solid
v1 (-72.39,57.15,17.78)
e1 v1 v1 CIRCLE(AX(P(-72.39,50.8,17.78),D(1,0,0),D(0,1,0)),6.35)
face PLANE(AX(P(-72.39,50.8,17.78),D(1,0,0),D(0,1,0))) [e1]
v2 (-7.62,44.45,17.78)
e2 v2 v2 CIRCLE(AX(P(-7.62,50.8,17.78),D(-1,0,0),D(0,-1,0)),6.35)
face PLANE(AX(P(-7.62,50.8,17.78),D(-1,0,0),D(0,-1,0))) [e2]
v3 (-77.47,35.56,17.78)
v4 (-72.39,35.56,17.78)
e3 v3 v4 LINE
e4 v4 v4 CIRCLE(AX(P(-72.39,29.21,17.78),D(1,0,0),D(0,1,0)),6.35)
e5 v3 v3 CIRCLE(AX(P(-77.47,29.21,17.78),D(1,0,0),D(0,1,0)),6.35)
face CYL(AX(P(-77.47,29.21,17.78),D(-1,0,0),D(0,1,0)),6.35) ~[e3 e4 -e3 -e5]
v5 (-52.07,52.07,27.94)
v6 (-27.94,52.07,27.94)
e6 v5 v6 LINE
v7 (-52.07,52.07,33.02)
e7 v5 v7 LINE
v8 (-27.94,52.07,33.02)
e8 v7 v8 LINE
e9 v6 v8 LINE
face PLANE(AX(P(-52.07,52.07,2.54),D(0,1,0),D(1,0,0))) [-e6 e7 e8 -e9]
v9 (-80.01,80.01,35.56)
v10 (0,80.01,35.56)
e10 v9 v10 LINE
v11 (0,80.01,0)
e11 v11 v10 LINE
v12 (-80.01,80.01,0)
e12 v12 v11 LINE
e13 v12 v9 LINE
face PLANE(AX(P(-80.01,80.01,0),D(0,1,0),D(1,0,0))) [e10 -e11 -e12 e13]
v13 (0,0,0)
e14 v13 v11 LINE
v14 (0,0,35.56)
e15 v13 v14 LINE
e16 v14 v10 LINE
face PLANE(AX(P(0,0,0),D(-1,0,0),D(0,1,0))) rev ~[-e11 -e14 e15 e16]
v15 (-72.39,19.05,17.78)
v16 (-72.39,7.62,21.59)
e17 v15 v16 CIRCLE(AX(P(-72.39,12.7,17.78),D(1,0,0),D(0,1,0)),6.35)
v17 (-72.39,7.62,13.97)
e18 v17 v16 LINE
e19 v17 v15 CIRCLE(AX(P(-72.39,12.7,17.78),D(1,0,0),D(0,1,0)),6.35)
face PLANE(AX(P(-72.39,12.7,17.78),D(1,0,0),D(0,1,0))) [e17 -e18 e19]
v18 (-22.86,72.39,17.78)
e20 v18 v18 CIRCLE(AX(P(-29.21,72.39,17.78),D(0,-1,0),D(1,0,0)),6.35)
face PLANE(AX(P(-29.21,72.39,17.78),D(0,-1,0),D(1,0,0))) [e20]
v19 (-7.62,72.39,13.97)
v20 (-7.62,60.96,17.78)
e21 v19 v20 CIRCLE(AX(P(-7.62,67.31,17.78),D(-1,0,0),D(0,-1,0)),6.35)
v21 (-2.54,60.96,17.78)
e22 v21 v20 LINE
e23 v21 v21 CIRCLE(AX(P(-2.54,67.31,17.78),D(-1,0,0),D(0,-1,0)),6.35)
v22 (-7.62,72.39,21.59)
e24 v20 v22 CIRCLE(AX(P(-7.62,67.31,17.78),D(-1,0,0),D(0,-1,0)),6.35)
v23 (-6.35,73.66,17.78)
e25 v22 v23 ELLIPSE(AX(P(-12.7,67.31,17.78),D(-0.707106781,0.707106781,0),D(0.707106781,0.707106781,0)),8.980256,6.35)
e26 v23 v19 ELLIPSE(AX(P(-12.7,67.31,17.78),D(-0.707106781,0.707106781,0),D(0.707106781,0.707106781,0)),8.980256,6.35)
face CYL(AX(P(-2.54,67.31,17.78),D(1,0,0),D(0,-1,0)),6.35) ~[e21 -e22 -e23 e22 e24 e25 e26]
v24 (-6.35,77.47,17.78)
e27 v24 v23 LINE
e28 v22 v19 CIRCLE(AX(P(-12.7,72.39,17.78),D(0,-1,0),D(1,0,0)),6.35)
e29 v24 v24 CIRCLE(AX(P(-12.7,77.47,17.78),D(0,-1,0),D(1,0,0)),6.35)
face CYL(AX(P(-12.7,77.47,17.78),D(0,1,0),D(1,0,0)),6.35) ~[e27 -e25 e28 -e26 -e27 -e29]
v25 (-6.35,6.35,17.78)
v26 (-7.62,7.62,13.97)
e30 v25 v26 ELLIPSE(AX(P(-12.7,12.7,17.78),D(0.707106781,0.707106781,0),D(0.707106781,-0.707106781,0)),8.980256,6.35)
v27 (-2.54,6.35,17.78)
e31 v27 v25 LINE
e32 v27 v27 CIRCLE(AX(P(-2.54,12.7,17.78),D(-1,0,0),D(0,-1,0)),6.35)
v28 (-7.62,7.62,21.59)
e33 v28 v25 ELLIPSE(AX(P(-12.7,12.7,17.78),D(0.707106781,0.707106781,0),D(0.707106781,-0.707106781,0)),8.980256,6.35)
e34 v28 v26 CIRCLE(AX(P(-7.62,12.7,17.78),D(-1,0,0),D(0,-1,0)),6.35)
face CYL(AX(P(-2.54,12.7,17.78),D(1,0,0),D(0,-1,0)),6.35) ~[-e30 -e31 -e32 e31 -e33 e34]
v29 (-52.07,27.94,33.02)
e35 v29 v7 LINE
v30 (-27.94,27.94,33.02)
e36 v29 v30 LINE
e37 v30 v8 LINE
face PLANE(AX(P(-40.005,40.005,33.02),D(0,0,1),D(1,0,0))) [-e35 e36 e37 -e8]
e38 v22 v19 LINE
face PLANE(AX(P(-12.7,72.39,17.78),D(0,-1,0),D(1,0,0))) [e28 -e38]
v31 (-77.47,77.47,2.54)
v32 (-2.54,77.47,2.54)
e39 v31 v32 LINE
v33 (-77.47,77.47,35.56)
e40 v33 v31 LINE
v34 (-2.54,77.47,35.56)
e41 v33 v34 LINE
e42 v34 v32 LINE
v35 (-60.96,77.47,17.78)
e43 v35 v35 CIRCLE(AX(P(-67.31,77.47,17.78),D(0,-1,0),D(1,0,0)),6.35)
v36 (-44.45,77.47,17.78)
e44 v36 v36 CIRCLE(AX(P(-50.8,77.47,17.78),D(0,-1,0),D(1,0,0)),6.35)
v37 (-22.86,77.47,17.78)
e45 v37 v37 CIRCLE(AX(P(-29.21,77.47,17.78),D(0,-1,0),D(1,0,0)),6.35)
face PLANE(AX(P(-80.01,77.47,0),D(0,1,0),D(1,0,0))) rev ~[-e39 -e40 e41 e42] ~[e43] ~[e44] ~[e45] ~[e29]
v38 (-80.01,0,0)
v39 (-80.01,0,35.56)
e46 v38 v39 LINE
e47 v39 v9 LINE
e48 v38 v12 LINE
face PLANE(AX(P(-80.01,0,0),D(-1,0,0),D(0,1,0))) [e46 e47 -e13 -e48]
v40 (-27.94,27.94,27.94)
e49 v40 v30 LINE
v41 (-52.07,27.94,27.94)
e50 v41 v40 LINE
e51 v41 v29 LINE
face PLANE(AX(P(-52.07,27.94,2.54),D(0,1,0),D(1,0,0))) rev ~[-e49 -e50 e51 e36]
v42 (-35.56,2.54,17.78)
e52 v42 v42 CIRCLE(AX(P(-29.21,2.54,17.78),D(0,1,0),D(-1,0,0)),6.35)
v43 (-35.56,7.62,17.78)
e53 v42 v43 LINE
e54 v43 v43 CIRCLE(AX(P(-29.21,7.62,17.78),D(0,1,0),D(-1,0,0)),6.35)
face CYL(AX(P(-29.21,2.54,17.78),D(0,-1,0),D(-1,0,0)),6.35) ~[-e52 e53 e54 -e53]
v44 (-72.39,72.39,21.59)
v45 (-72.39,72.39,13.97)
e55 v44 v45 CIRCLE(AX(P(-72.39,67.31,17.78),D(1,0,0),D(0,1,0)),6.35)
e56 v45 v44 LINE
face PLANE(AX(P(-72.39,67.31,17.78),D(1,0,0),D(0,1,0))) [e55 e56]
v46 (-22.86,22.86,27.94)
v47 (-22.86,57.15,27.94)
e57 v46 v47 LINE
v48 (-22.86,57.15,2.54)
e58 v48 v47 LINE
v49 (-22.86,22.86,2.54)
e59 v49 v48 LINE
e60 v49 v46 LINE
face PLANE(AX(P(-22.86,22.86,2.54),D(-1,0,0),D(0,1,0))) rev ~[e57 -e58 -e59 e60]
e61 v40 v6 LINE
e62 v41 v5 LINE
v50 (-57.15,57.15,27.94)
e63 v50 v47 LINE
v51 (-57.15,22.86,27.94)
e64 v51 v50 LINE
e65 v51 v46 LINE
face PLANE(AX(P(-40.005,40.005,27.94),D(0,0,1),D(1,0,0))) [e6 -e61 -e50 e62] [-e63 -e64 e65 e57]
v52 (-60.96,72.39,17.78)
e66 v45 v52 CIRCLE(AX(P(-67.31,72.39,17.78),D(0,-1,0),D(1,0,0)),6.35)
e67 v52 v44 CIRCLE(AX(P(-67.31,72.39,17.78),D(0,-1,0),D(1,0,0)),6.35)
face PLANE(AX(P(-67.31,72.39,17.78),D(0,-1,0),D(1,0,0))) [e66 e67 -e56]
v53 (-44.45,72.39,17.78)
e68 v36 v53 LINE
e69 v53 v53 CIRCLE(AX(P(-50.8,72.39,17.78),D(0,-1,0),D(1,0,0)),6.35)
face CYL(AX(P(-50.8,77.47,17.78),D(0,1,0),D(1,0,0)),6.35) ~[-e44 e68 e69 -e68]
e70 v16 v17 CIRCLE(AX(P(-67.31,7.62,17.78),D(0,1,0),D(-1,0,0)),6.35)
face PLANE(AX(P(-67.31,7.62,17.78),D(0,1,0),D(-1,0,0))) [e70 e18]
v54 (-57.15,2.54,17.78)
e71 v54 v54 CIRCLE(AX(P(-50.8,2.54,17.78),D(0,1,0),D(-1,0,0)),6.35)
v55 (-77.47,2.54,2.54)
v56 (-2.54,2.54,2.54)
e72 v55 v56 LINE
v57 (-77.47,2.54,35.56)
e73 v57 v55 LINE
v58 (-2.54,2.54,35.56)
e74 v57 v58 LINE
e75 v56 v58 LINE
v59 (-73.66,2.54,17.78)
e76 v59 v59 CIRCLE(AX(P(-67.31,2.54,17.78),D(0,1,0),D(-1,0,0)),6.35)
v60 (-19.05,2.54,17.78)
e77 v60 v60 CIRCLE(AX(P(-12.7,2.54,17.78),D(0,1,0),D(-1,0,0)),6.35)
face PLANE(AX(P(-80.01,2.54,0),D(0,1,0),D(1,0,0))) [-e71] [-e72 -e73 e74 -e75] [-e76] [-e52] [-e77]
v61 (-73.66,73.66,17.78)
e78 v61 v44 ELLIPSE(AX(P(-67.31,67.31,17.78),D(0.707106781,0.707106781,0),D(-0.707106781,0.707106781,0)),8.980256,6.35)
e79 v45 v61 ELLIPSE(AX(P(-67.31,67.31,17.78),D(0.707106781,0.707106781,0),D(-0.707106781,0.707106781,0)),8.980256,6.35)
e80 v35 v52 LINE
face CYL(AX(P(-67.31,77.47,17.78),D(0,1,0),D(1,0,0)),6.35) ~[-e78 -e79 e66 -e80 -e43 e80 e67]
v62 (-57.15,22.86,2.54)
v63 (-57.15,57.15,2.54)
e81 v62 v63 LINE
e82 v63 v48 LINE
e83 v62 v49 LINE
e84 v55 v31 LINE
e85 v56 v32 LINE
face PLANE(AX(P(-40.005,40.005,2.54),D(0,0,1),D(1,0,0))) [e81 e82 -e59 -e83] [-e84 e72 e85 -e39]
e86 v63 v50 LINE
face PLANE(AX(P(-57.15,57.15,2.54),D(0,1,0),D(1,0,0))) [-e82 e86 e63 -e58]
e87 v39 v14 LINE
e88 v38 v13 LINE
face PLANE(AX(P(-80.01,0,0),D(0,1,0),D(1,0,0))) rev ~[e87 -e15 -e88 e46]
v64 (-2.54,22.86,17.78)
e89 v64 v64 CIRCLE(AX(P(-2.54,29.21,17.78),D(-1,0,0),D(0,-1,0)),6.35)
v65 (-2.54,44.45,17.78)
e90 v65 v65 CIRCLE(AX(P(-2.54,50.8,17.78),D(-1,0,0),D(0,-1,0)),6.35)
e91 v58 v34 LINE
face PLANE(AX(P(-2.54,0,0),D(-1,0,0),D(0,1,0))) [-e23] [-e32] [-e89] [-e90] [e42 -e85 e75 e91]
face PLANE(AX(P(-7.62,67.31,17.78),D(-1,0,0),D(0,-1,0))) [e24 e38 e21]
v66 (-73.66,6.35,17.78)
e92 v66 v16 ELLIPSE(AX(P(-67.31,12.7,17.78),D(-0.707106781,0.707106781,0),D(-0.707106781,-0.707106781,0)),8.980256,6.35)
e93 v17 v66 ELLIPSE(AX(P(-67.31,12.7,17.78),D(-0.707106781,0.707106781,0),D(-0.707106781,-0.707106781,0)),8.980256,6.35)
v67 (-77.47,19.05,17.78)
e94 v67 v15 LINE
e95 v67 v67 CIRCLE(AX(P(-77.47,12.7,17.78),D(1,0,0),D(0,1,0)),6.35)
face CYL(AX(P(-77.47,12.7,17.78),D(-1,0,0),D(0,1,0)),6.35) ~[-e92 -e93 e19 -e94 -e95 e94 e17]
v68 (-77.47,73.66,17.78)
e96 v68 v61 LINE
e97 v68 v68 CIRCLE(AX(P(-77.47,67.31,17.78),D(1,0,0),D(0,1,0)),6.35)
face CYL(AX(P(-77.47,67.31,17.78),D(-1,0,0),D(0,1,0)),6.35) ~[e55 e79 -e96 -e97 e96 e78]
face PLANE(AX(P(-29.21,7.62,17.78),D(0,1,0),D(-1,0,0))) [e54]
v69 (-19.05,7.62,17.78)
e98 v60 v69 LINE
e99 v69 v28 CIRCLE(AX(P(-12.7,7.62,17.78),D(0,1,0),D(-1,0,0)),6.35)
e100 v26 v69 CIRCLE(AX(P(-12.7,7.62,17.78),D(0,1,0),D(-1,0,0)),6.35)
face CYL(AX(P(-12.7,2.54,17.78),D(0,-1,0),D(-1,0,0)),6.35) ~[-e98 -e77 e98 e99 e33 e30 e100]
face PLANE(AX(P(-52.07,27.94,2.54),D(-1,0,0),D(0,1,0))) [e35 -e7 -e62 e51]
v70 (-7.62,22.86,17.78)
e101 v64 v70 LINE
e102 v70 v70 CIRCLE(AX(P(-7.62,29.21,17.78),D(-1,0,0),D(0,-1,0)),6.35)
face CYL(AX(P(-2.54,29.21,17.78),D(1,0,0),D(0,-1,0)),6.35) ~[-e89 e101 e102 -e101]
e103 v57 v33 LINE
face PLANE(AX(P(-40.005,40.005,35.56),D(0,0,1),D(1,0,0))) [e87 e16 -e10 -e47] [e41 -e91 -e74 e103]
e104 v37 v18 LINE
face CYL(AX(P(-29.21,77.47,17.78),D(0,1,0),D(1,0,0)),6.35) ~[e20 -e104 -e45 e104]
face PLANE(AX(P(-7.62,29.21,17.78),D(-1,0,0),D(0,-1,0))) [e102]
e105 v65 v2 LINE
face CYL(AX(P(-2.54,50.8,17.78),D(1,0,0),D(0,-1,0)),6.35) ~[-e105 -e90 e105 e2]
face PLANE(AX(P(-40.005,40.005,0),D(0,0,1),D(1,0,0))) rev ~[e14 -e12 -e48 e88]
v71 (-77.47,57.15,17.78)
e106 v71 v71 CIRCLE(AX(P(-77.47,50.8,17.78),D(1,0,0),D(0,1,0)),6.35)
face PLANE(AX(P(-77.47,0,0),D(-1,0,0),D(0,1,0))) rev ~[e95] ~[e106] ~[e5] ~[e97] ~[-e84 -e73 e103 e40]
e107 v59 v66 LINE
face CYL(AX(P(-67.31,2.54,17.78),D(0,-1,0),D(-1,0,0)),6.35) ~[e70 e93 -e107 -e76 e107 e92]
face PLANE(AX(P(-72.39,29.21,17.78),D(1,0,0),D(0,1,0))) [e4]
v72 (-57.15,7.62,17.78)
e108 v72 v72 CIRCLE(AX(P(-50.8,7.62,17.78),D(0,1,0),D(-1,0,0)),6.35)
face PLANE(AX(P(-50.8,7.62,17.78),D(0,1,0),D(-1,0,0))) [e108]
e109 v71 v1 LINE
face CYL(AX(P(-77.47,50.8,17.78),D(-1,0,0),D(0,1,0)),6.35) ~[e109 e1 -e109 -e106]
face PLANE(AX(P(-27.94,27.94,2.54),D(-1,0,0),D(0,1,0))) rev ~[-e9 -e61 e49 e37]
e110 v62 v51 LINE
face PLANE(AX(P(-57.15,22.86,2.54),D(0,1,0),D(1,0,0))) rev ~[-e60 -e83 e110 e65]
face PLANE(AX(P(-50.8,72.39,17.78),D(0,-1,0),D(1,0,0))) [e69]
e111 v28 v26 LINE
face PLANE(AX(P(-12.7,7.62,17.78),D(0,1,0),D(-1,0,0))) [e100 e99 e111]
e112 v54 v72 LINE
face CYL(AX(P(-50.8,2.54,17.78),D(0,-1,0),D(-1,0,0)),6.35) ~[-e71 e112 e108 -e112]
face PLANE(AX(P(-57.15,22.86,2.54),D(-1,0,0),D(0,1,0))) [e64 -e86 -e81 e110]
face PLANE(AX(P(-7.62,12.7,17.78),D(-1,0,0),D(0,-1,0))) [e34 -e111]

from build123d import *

# Parameters (mm, degrees)
F0_W      = 80.01
F0_H      = 80.01
F0_W_2    = 69.85
F0_H_2    = 69.85
F1_DEPTH  = 35.56
F2_T      = -2.54
F3_W      = 34.29
F3_H      = 34.29
F3_W_2    = 24.13
F3_H_2    = 24.13
F4_DEPTH  = 25.4
F5_DEPTH  = 30.48
F6_R      = 6.35
F10_DEPTH = 5.08
F7_R      = 6.35
F11_DEPTH = 5.08
F9_R      = 6.35
F12_DEPTH = 5.08
F8_R      = 6.35
F13_DEPTH = 5.08


with BuildPart() as f1:
    # F0 (on Top) → F1 (new body)
    with BuildSketch(Plane.XY):
        with Locations((-40.005, 40.005)):
            Rectangle(F0_W, F0_H)
        with Locations((-40.005, 40.005)):
            Rectangle(F0_W_2, F0_H_2, mode=Mode.SUBTRACT)
        with Locations((-40.005, 40.005)):
            Rectangle(F0_W_2, F0_H_2)
    extrude(amount=F1_DEPTH)

    # F2
    f2_openings = [f1.faces().sort_by_distance(p)[0] for p in [
        (-40.005, 40.005, 35.56),
    ]]
    offset(amount=F2_T, openings=f2_openings)

    # F3 (on face) → F4 (join)
    with BuildSketch(Plane.XY.offset(2.54)):
        with Locations((-40.005, 40.005)):
            Rectangle(F3_W, F3_H)
        with Locations((-40.005, 40.005)):
            Rectangle(F3_W_2, F3_H_2, mode=Mode.SUBTRACT)
    extrude(amount=F4_DEPTH)

    # F5 (add): a face of the model
    f5_faces = [f1.faces().sort_by_distance(p)[0] for p in [
        (-40.005, 40.005, 2.54),
    ]]
    extrude(f5_faces, amount=F5_DEPTH)

    # F6 (on face) → F10 (join)
    with BuildSketch(Plane.XZ.offset(-77.47)):
        with Locations((-12.7, 17.78)):
            Circle(F6_R)
        with Locations((-29.21, 17.78)):
            Circle(F6_R)
        with Locations((-50.8, 17.78)):
            Circle(F6_R)
        with Locations((-67.31, 17.78)):
            Circle(F6_R)
    extrude(amount=F10_DEPTH)

    # F7 (on face) → F11 (join)
    with BuildSketch(Plane(origin=(-2.54, 0, 0), x_dir=(0, -1, 0), z_dir=(-1, 0, 0))):
        with Locations((-12.7, 17.78)):
            Circle(F7_R)
        with Locations((-29.21, 17.78)):
            Circle(F7_R)
        with Locations((-50.8, 17.78)):
            Circle(F7_R)
        with Locations((-67.31, 17.78)):
            Circle(F7_R)
    extrude(amount=F11_DEPTH)

    # F9 (on face) → F12 (join)
    with BuildSketch(Plane.YZ.offset(-77.47)):
        with Locations((67.31, 17.78)):
            Circle(F9_R)
        with Locations((50.8, 17.78)):
            Circle(F9_R)
        with Locations((29.21, 17.78)):
            Circle(F9_R)
        with Locations((12.7, 17.78)):
            Circle(F9_R)
    extrude(amount=F12_DEPTH)

    # F8 (on face) → F13 (join)
    with BuildSketch(Plane(origin=(0, 2.54, 0), x_dir=(-1, 0, 0), z_dir=(0, 1, 0))):
        with Locations((29.21, 17.78)):
            Circle(F8_R)
        with Locations((50.8, 17.78)):
            Circle(F8_R)
        with Locations((67.31, 17.78)):
            Circle(F8_R)
        with Locations((12.7, 17.78)):
            Circle(F8_R)
    extrude(amount=F13_DEPTH)


solid = f1.part
